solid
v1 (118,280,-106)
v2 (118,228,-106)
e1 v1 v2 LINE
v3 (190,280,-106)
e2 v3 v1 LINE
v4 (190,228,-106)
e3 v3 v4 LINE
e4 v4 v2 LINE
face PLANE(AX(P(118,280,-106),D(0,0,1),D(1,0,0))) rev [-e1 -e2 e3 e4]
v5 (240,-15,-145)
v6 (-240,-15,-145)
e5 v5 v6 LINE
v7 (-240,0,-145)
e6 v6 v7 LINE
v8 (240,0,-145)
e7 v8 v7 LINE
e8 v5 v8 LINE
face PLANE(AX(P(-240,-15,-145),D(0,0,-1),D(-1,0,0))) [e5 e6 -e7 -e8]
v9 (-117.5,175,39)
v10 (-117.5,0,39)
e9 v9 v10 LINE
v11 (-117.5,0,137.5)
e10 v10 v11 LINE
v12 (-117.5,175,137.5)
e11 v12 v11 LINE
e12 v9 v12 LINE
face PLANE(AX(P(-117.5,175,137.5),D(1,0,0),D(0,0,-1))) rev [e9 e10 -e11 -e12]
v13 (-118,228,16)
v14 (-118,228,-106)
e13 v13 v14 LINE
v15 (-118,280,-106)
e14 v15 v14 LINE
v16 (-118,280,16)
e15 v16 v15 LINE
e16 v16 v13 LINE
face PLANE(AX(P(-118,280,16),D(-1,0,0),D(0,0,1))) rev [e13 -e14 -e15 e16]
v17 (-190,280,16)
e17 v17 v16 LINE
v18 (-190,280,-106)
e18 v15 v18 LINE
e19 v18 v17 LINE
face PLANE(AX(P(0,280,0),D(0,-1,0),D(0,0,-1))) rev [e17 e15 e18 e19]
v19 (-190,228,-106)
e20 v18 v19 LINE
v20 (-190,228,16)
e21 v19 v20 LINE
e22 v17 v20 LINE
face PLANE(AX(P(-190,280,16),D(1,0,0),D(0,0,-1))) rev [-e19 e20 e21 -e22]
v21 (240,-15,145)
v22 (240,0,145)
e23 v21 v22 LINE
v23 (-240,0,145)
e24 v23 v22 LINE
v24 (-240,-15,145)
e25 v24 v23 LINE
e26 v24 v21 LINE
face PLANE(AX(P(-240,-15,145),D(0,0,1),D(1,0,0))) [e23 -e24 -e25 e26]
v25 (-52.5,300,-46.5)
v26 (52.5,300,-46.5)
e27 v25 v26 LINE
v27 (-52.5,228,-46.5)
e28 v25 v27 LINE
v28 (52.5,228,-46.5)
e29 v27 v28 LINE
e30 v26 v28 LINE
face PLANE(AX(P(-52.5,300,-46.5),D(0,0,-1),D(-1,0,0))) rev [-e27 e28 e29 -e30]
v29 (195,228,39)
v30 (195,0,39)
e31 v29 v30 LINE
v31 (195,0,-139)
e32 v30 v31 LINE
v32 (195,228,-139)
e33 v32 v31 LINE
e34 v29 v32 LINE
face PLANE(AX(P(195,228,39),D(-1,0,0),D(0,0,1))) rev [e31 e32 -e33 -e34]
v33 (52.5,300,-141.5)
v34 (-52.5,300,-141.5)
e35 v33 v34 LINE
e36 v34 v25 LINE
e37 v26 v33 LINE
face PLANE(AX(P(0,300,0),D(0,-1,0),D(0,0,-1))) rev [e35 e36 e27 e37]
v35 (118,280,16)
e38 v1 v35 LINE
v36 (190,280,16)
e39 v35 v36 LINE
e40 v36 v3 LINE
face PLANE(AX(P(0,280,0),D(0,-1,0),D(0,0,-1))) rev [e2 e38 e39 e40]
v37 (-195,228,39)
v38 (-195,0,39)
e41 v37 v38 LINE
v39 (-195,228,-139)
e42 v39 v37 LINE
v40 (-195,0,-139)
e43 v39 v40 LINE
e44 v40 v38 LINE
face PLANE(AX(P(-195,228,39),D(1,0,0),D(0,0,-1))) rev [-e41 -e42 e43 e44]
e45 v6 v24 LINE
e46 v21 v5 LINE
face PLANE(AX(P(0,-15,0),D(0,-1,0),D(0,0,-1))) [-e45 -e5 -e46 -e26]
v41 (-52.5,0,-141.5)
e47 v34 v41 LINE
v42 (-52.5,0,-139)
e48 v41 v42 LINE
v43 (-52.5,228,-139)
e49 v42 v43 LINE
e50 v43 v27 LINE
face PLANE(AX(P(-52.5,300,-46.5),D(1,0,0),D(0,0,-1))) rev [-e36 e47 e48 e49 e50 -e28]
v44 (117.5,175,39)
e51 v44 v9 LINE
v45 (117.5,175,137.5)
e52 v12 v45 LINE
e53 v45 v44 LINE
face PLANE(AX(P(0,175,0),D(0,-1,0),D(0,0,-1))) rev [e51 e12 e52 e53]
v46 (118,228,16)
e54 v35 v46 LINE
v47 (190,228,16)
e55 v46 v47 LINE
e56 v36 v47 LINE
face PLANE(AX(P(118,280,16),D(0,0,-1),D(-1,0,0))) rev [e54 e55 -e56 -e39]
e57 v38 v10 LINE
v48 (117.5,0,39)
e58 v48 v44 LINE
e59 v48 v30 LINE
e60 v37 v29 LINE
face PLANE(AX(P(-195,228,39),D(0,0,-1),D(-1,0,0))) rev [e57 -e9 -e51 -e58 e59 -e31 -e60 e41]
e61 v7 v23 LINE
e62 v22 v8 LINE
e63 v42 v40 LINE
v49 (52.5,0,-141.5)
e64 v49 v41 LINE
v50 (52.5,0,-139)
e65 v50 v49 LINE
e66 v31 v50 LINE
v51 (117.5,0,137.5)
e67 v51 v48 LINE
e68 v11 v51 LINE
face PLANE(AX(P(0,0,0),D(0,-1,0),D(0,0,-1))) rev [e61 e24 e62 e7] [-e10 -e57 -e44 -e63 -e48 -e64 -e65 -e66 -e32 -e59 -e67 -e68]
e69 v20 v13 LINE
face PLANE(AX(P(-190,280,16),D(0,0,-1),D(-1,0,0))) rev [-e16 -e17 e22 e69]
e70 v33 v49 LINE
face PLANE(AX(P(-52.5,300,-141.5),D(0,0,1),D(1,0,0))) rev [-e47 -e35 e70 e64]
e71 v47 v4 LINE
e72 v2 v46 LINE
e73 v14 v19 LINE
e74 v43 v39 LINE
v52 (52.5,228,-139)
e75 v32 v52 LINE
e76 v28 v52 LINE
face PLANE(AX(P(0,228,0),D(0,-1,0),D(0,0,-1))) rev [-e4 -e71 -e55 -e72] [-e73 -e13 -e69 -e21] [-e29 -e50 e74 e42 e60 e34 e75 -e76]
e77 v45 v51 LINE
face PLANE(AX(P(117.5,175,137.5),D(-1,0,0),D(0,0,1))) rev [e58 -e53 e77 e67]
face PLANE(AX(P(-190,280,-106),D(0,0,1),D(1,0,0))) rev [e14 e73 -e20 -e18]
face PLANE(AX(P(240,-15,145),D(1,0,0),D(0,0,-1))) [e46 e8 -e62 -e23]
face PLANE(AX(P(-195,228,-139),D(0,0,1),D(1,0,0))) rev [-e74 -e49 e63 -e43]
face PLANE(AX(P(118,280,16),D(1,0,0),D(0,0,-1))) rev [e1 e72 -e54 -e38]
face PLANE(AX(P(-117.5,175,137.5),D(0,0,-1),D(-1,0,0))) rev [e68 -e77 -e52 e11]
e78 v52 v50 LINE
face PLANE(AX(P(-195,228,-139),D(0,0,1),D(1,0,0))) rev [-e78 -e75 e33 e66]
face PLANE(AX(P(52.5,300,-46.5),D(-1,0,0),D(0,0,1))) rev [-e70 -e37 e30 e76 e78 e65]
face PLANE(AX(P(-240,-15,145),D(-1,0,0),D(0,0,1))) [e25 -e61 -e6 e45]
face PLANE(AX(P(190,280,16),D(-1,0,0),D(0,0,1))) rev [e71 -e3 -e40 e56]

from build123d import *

# Parameters (mm, degrees)
SKETCH_1_W      = 480
SKETCH_1_H      = 290
EXTRUDE_1_DEPTH = 15
SKETCH_2_W      = 390
SKETCH_2_H      = 178
EXTRUDE_2_DEPTH = 228
SKETCH_3_W      = 235
SKETCH_3_H      = 105
EXTRUDE_3_DEPTH = 175
SKETCH_4_W      = 105
SKETCH_4_H      = 95
EXTRUDE_4_DEPTH = 300
SKETCH_5_W      = 72
SKETCH_5_H      = 122
EXTRUDE_5_DEPTH = 280
SKETCH_6_W      = 72
SKETCH_6_H      = 122
EXTRUDE_6_DEPTH = 280


with BuildPart() as part:
    # 草图1 → 凸台-拉伸1 (new body)
    with BuildSketch(Plane(origin=(0, 0, 0), x_dir=(1, 0, 0), z_dir=(0, 1, 0))):
        Rectangle(SKETCH_1_W, SKETCH_1_H)
    extrude(amount=-EXTRUDE_1_DEPTH)

    # 草图2 → 凸台-拉伸2 (add)
    with BuildSketch(Plane(origin=(0, 0, 0), x_dir=(1, 0, 0), z_dir=(0, 1, 0))):
        with Locations((0, 50)):
            Rectangle(SKETCH_2_W, SKETCH_2_H)
    extrude(amount=EXTRUDE_2_DEPTH)

    # 草图3 → 凸台-拉伸3 (add)
    with BuildSketch(Plane(origin=(0, 0, 0), x_dir=(1, 0, 0), z_dir=(0, 1, 0))):
        with Locations((0, -85)):
            Rectangle(SKETCH_3_W, SKETCH_3_H)
    extrude(amount=EXTRUDE_3_DEPTH)

    # 草图4 → 凸台-拉伸4 (add)
    with BuildSketch(Plane(origin=(0, 0, 0), x_dir=(1, 0, 0), z_dir=(0, 1, 0))):
        with Locations((0, 94)):
            Rectangle(SKETCH_4_W, SKETCH_4_H)
    extrude(amount=EXTRUDE_4_DEPTH)

    # 草图5 → 凸台-拉伸5 (add)
    with BuildSketch(Plane(origin=(0, 0, 0), x_dir=(1, 0, 0), z_dir=(0, 1, 0))):
        with Locations((-154, 45)):
            Rectangle(SKETCH_5_W, SKETCH_5_H)
    extrude(amount=EXTRUDE_5_DEPTH)

    # 草图6 → 凸台-拉伸6 (add)
    with BuildSketch(Plane(origin=(0, 0, 0), x_dir=(1, 0, 0), z_dir=(0, 1, 0))):
        with Locations((154, 45)):
            Rectangle(SKETCH_6_W, SKETCH_6_H)
    extrude(amount=EXTRUDE_6_DEPTH)


solid = part.part
